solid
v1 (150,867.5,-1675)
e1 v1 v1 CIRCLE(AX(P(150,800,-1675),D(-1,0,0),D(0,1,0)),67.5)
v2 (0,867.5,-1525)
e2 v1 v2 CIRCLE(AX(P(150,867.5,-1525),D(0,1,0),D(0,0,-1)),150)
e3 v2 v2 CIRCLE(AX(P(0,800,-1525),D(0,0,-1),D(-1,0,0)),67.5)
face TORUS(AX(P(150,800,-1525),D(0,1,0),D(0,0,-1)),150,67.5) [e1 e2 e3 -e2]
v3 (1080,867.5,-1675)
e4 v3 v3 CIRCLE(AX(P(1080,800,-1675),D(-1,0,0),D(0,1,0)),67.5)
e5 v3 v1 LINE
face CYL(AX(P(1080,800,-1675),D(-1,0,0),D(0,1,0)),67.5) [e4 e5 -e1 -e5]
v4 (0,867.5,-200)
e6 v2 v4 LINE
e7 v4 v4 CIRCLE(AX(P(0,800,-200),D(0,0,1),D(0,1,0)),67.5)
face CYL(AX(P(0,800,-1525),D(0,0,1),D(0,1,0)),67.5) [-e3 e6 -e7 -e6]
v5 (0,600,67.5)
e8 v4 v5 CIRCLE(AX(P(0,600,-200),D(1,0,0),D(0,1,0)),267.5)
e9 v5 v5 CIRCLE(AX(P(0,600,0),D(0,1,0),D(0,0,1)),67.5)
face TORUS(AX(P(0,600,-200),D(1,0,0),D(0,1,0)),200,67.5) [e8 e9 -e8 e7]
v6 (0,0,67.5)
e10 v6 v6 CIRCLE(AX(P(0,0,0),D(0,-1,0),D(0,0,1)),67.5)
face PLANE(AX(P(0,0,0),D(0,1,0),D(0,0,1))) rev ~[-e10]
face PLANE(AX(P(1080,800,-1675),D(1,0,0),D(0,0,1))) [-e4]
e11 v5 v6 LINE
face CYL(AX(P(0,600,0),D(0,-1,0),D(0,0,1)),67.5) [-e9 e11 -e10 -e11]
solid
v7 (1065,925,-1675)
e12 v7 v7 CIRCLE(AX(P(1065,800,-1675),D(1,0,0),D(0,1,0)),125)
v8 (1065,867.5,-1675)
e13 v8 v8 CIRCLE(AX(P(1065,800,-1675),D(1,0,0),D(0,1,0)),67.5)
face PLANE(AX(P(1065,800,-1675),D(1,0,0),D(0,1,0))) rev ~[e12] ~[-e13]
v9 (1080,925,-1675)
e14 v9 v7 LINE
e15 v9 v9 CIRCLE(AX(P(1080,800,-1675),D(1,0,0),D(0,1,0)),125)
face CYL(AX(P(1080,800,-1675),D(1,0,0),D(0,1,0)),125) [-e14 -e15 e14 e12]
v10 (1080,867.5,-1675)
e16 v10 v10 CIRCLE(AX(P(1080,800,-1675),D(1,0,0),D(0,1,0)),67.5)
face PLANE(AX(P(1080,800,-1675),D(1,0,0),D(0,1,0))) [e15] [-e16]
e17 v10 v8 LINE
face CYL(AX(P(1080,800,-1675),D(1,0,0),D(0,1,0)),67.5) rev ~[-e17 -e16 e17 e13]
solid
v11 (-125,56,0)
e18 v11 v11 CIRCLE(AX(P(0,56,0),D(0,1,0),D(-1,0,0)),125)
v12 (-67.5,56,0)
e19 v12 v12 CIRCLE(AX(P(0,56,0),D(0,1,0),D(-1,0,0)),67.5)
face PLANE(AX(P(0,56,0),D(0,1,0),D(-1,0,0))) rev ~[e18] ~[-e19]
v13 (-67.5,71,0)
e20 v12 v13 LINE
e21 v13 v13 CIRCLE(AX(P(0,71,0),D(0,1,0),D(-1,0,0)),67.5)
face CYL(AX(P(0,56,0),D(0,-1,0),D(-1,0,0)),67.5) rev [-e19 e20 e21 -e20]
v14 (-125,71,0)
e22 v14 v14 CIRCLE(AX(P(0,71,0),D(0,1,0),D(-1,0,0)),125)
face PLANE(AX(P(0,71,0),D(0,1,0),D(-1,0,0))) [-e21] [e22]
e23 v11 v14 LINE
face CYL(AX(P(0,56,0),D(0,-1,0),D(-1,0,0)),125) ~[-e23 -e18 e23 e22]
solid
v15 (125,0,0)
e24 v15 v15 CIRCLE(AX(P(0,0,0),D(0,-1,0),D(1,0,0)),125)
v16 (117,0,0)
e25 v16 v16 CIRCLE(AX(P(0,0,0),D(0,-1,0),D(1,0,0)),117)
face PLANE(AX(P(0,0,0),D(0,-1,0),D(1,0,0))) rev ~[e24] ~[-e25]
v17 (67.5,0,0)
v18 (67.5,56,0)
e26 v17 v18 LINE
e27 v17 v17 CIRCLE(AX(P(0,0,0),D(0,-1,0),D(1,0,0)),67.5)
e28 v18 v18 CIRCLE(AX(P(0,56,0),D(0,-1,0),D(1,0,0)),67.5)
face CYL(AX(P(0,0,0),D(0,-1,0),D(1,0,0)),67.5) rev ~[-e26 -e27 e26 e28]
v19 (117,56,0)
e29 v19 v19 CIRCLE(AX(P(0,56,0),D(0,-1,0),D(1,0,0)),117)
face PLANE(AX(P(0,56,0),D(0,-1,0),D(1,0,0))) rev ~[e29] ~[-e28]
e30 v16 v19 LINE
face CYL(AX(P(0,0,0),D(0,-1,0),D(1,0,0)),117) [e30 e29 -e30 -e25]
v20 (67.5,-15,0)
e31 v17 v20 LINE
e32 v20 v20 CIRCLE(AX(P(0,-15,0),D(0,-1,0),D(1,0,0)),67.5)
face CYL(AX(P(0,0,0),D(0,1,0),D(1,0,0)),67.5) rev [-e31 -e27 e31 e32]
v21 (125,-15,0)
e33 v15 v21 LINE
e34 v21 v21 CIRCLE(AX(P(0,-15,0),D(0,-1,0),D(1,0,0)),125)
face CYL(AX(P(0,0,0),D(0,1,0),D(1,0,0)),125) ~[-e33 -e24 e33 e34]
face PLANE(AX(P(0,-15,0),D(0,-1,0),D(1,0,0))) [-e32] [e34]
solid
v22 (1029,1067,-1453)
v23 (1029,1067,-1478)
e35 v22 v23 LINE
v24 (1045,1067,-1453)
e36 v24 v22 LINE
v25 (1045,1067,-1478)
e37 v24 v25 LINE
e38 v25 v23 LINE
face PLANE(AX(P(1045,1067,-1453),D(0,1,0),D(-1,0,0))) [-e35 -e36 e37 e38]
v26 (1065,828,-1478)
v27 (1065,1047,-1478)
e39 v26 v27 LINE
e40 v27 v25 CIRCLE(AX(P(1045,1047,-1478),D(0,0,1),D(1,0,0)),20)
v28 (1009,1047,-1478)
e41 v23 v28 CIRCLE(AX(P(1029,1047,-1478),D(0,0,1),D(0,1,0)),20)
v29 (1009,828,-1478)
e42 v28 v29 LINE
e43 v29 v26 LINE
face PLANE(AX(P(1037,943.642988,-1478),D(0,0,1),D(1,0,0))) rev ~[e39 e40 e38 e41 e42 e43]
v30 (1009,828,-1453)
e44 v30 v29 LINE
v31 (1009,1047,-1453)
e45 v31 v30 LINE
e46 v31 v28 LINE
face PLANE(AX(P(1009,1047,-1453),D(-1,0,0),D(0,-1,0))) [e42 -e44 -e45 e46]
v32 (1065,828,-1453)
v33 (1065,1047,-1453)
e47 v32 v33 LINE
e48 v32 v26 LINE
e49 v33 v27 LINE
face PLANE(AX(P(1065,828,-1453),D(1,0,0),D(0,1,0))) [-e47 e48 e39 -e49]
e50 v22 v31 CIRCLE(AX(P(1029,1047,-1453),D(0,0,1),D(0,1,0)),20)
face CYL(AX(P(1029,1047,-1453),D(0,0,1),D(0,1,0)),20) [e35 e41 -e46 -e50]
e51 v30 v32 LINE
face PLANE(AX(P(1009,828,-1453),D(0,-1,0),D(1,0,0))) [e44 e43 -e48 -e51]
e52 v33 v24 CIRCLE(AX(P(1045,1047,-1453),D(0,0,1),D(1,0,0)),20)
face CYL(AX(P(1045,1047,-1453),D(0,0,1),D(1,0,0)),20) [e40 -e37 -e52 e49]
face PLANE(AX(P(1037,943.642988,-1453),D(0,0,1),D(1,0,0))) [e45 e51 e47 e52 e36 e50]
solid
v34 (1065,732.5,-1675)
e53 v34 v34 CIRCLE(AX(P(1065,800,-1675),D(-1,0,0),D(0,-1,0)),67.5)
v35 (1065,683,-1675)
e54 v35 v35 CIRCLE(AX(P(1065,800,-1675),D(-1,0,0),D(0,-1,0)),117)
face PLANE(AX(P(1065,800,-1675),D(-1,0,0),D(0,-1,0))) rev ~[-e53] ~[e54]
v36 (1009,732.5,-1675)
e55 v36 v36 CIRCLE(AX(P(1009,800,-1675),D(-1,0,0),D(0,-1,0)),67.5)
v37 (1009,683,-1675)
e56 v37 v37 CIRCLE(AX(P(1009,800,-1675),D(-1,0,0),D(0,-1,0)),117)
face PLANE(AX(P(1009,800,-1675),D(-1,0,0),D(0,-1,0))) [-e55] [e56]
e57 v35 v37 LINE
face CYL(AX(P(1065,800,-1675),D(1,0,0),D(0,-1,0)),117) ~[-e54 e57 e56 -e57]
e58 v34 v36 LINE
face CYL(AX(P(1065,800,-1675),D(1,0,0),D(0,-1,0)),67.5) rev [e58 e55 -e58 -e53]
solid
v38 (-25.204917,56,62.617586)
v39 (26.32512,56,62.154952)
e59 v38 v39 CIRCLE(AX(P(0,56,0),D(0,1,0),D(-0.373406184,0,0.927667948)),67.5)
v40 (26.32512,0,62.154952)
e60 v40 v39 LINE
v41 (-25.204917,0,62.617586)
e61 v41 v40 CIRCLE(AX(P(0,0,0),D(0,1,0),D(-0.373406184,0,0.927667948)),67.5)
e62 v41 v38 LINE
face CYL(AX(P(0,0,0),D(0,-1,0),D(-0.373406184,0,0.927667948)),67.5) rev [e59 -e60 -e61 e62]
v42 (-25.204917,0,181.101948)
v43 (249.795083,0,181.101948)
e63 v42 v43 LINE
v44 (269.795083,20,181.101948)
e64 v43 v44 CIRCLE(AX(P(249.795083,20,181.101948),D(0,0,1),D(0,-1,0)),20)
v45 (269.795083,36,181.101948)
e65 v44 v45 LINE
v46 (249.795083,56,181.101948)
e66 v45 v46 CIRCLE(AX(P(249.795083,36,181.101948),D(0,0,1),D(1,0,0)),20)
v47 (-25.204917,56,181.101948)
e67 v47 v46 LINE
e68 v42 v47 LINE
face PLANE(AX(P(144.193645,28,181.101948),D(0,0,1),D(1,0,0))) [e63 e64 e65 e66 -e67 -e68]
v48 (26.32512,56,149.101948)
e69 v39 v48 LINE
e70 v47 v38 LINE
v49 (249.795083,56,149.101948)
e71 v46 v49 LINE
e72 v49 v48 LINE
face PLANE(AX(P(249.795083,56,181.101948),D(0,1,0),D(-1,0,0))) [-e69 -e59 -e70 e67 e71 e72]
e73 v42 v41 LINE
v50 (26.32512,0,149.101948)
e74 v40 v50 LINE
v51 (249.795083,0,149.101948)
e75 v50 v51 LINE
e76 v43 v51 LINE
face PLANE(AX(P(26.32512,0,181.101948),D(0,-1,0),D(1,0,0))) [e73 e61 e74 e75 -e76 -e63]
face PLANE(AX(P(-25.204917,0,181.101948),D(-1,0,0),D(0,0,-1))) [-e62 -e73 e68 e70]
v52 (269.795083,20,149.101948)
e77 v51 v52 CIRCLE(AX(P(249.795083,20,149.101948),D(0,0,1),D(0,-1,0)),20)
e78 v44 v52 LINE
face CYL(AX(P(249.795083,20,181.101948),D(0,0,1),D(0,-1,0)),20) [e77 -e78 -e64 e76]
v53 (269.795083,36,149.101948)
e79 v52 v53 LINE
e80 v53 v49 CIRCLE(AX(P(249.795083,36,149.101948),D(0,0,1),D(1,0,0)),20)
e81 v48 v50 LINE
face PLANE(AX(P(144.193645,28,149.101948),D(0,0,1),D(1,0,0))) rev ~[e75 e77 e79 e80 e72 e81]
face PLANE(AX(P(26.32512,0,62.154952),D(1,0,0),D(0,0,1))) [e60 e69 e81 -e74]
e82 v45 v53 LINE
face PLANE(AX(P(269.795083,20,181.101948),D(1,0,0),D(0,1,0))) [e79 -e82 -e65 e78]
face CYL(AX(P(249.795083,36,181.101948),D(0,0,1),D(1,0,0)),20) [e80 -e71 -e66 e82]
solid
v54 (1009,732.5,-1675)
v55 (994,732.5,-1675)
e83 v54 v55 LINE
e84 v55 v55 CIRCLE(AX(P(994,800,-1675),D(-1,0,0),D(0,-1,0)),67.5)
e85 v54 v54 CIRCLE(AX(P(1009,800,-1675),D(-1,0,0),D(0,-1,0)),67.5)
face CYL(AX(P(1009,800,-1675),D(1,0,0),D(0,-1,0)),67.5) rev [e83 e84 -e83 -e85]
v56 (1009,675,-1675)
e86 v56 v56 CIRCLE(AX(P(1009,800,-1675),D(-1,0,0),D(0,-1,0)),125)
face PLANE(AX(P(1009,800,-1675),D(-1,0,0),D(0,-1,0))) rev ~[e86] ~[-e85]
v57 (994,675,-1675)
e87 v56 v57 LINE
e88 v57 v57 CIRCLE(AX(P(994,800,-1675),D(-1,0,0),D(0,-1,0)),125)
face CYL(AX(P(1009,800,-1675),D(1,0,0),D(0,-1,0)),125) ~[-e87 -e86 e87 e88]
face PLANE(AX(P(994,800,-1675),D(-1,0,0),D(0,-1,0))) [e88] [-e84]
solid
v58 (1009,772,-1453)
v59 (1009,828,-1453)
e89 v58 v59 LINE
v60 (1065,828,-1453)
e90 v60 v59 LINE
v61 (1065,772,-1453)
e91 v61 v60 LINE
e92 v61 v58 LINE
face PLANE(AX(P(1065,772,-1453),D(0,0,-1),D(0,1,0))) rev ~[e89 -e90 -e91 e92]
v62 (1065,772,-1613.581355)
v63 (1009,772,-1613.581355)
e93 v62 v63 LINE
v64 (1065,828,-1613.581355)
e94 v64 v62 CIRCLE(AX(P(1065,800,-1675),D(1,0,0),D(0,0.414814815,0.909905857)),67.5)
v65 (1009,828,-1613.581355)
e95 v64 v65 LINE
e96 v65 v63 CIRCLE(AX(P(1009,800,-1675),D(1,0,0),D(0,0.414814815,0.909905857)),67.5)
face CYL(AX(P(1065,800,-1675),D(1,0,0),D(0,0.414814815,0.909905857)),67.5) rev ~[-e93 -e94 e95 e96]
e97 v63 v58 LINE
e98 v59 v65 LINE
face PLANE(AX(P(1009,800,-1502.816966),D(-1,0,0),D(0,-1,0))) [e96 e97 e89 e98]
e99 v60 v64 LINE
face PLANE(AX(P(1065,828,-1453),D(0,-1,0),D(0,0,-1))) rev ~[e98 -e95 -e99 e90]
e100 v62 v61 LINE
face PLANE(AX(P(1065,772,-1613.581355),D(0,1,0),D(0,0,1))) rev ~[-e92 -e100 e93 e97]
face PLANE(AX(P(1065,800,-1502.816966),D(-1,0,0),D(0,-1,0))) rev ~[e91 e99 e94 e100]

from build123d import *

# Parameters (mm, degrees)
F0_R      = 125
F0_R_2    = 67.5
F6_DEPTH  = 15
F5_R      = 125
F5_R_2    = 67.5
F7_DEPTH  = 15
F8_R      = 117
F8_R_2    = 67.5
F9_DEPTH  = 56
F10_R     = 125
F10_R_2   = 117
F10_R_3   = 67.5
F11_DEPTH = 15
F13_DEPTH = 56
F15_DEPTH = 32
F16_R     = 117
F16_R_2   = 67.5
F17_DEPTH = 56
F18_R     = 125
F18_R_2   = 117
F18_R_3   = 67.5
F19_DEPTH = 15
F21_DEPTH = 56
F23_DEPTH = 25


with BuildPart() as f6:
    # F0 (on Front) → F6 (new body)
    with BuildSketch(Plane.XZ):
        Circle(F0_R)
        Circle(F0_R_2, mode=Mode.SUBTRACT)
    extrude(amount=F6_DEPTH)

    # F8 (on face) → F9 (join)
    with BuildSketch(Plane.XZ):
        Circle(F8_R)
        Circle(F8_R_2, mode=Mode.SUBTRACT)
    extrude(amount=-F9_DEPTH)


with BuildPart() as f7:
    # F5 (on offset) → F7 (new body)
    with BuildSketch(Plane.YZ.offset(1080)):
        with Locations((800, -1675)):
            Circle(F5_R)
        with Locations((800, -1675)):
            Circle(F5_R_2, mode=Mode.SUBTRACT)
    extrude(amount=-F7_DEPTH)


with BuildPart() as f11:
    # F10 (on face) → F11 (new body)
    with BuildSketch(Plane(origin=(0, 56, 0), x_dir=(-1, 0, 0), z_dir=(0, 1, 0))):
        Circle(F10_R)
        Circle(F10_R_2, mode=Mode.SUBTRACT)
        Circle(F10_R_2)
        Circle(F10_R_3, mode=Mode.SUBTRACT)
    extrude(amount=F11_DEPTH)


with BuildPart() as f13:
    # F12 (on face) → F13 (new body)
    with BuildSketch(Plane.XZ):
        with BuildLine():
            Line((26.3251196593, 122.1965141685), (26.3251196593, 181.1019480228))
            Line((26.3251196593, 181.1019480228), (-25.204917416, 181.1019480228))
            Line((-25.204917416, 181.1019480228), (-25.204917416, 122.4324799147))
            ThreePointArc((-25.204917416, 122.4324799147), (0.5723925444, 124.9986894602), (26.3251196593, 122.1965141685))
        make_face()
        with BuildLine():
            Line((26.3251196593, 62.1549521352), (26.3251196593, 122.1965141685))
            ThreePointArc((26.3251196593, 122.1965141685), (0.5723925444, 124.9986894602), (-25.204917416, 122.4324799147))
            Line((-25.204917416, 122.4324799147), (-25.204917416, 62.6175864918))
            ThreePointArc((-25.204917416, 62.6175864918), (0.605987544, 67.4972797903), (26.3251196593, 62.1549521352))
        make_face()
    extrude(amount=-F13_DEPTH)

    # F14 (on face) → F15 (join)
    with BuildSketch(Plane.XY.offset(181.1019480228)):
        with BuildLine():
            Line((249.795082584, 56), (26.3251196593, 56))
            Line((26.3251196593, 56), (26.3251196593, 0))
            Line((26.3251196593, 0), (249.795082584, 0))
            ThreePointArc((249.795082584, 0), (263.9372182078, 5.8578643763), (269.795082584, 20))
            Line((269.795082584, 20), (269.795082584, 36))
            ThreePointArc((269.795082584, 36), (263.9372182078, 50.1421356237), (249.795082584, 56))
        make_face()
    extrude(amount=-F15_DEPTH)


with BuildPart() as f17:
    # F16 (on face) → F17 (new body)
    with BuildSketch(Plane(origin=(1065, 0, 0), x_dir=(0, -1, 0), z_dir=(-1, 0, 0))):
        with Locations((-800, -1675)):
            Circle(F16_R)
        with Locations((-800, -1675)):
            Circle(F16_R_2, mode=Mode.SUBTRACT)
    extrude(amount=F17_DEPTH)


with BuildPart() as f19:
    # F18 (on face) → F19 (new body)
    with BuildSketch(Plane(origin=(1009, 0, 0), x_dir=(0, -1, 0), z_dir=(-1, 0, 0))):
        with Locations((-800, -1675)):
            Circle(F18_R)
        with Locations((-800, -1675)):
            Circle(F18_R_2, mode=Mode.SUBTRACT)
        with Locations((-800, -1675)):
            Circle(F18_R_2)
        with Locations((-800, -1675)):
            Circle(F18_R_3, mode=Mode.SUBTRACT)
    extrude(amount=F19_DEPTH)


with BuildPart() as f21:
    # F20 (on face) → F21 (new body)
    with BuildSketch(Plane(origin=(1065, 0, 0), x_dir=(0, -1, 0), z_dir=(-1, 0, 0))):
        with BuildLine():
            Line((-772, -1453), (-828, -1453))
            Line((-828, -1453), (-828, -1553.1763569745))
            ThreePointArc((-828, -1553.1763569745), (-800, -1550), (-772, -1553.1763569745))
            Line((-772, -1553.1763569745), (-772, -1453))
        make_face()
        with BuildLine():
            ThreePointArc((-772, -1553.1763569745), (-800, -1550), (-828, -1553.1763569745))
            Line((-828, -1553.1763569745), (-828, -1613.5813546226))
            ThreePointArc((-828, -1613.5813546226), (-800, -1607.5), (-772, -1613.5813546226))
            Line((-772, -1613.5813546226), (-772, -1553.1763569745))
        make_face()
    extrude(amount=F21_DEPTH)


with BuildPart() as f23:
    # F22 (on face) → F23 (new body)
    with BuildSketch(Plane.XY.offset(-1453)):
        with BuildLine():
            Line((1009, 1047), (1009, 828))
            Line((1009, 828), (1065, 828))
            Line((1065, 828), (1065, 1047))
            ThreePointArc((1065, 1047), (1059.1421356237, 1061.1421356237), (1045, 1067))
            Line((1045, 1067), (1029, 1067))
            ThreePointArc((1029, 1067), (1014.8578643763, 1061.1421356237), (1009, 1047))
        make_face()
    extrude(amount=-F23_DEPTH)


with BuildPart() as f24:
    # F24: sweep along a path in F3, F1
    with BuildLine(Plane.XZ.offset(-800)) as f24_path:
        Line((1080, -1675), (150, -1675))
        ThreePointArc((150, -1675), (43.933982822, -1631.066017178), (0, -1525))
        Line((0, -1525), (0, -200))
    with BuildLine(Plane.YZ) as f24_path_2:
        ThreePointArc((800, -200), (741.4213562373, -58.5786437627), (600, 0))
        Line((600, 0), (0, 0))
    # F5 (on offset) → F24 (sweep)
    with BuildSketch(Plane.YZ.offset(1080)):
        with Locations((800, -1675)):
            Circle(F5_R_2)
    sweep(path=f24_path.line + f24_path_2.line)


solid = Compound([f6.part, f7.part, f11.part, f13.part, f17.part, f19.part, f21.part, f23.part, f24.part])
